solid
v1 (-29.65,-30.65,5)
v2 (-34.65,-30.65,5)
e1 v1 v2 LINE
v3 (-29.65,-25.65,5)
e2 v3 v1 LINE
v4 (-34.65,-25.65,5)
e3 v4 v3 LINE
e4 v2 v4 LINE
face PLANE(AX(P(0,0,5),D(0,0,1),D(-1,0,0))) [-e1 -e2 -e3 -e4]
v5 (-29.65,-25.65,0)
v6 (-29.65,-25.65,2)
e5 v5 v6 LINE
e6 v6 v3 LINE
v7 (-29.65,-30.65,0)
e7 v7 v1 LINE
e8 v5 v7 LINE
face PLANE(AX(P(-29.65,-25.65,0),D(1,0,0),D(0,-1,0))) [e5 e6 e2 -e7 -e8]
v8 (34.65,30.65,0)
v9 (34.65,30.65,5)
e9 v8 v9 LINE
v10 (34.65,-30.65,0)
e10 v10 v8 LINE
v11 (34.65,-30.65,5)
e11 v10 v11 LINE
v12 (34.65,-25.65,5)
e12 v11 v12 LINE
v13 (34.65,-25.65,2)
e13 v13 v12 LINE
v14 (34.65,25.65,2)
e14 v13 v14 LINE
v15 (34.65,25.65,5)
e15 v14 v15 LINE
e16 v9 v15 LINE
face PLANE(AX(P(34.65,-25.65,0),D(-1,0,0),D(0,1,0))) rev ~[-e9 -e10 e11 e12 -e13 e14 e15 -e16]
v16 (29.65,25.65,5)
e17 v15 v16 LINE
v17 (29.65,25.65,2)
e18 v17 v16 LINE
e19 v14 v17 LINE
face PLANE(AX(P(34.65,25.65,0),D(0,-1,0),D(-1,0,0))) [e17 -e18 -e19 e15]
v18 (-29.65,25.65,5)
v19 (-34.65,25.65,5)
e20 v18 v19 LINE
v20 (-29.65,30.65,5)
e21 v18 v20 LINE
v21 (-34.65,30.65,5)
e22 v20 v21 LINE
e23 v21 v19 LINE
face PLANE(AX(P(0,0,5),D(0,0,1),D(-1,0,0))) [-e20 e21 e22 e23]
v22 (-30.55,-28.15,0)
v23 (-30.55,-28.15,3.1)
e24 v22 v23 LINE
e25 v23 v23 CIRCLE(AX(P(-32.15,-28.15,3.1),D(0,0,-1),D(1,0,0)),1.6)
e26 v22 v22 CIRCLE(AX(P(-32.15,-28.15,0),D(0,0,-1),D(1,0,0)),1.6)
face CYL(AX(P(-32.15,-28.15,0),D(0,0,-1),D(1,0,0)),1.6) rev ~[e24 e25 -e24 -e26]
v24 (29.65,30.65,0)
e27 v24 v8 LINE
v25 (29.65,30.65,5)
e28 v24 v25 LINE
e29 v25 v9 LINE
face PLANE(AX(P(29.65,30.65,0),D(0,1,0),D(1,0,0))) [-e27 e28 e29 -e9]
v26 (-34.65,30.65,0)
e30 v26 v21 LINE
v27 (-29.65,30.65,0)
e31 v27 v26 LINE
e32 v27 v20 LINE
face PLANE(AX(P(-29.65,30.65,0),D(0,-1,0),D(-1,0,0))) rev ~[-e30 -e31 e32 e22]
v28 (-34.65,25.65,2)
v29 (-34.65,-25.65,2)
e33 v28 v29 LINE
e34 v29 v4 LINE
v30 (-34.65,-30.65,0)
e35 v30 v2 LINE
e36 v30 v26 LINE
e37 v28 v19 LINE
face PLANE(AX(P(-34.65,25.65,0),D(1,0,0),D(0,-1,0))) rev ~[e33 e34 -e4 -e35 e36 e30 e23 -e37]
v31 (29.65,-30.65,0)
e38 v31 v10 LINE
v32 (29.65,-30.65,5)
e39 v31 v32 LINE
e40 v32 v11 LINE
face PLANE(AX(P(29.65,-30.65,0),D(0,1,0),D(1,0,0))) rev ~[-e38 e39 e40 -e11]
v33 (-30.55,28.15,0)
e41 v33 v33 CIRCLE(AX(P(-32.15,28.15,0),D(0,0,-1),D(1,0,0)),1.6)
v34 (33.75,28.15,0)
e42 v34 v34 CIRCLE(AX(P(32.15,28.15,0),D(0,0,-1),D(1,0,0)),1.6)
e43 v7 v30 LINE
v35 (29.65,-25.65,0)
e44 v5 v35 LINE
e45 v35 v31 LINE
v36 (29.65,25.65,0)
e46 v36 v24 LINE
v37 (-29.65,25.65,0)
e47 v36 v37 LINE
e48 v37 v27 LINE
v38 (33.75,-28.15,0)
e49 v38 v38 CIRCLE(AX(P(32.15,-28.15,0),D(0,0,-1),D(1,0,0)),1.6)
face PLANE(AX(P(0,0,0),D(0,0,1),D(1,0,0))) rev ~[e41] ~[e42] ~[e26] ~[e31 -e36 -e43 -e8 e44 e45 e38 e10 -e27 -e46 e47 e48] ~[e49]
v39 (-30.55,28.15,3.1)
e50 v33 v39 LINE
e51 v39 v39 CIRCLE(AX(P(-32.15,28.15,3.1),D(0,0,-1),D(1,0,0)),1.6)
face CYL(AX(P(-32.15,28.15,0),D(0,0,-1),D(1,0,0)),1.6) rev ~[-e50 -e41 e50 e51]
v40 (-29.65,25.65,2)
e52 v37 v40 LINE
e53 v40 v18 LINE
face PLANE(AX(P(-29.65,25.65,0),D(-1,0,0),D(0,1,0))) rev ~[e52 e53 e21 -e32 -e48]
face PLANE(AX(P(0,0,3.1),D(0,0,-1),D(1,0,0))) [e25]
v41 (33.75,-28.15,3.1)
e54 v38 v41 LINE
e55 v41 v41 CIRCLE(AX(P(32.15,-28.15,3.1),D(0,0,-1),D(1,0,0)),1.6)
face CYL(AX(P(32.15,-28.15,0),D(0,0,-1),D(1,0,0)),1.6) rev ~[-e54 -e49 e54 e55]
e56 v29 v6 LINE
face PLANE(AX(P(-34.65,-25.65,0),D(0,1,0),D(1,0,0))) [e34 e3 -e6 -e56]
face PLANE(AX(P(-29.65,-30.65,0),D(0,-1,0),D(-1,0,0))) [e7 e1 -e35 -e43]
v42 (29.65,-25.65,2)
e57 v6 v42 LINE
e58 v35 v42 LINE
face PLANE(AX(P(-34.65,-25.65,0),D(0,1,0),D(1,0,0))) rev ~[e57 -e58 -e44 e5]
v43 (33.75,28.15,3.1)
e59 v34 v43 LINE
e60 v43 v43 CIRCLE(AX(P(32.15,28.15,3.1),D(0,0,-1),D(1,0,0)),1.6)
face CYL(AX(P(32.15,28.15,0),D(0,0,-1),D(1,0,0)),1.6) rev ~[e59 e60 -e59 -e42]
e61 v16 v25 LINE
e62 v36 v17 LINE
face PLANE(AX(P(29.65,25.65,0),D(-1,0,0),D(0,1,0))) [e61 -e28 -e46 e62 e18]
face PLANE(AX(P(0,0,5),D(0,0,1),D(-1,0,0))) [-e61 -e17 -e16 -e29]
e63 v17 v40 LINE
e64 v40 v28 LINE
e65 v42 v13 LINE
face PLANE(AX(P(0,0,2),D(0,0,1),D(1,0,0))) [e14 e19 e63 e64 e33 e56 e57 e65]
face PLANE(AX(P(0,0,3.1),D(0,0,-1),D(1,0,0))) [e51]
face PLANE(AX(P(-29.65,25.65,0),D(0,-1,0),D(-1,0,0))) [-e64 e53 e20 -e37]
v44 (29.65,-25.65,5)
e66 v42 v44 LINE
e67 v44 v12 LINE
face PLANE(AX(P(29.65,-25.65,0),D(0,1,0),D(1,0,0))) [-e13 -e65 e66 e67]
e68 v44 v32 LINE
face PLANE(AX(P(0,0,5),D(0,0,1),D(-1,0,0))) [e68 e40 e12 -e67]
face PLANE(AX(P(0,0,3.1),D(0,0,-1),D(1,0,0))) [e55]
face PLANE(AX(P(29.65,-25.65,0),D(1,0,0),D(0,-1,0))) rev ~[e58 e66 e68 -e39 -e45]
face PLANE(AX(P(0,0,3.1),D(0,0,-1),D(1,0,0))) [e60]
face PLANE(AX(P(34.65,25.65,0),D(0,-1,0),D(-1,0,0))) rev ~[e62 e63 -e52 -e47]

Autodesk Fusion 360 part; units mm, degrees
sketch "Sketch1" plane through (0, 0, 0) normal (0, 0, 1) x (1, 0, 0)
  line L0 (34.65, 25.65) -> (-34.65, 25.65)
  line L1 (-34.65, 25.65) -> (-34.65, -25.65)
  line L2 (-34.65, -25.65) -> (34.65, -25.65)
  line L3 (34.65, -25.65) -> (34.65, 25.65)
  line L4 (34.65, 25.65) -> (-34.65, -25.65) construction
  line L5 (-34.65, 25.65) -> (34.65, -25.65) construction
  dimension "d1" = 69.3
  dimension "d2" = 51.3
extrude "Extrude1" add sketch "Sketch1" along normal blind 2
sketch "Sketch2" plane through (0, 0, 2) normal (0, 0, 1) x (-1, 0, 0)
  line L0 (-34.65, 25.65) -> (-34.65, -25.65)
  line L1 (-34.65, -25.65) -> (34.65, -25.65)
  line L2 (34.65, -25.65) -> (34.65, 25.65)
  line L3 (34.65, 25.65) -> (-34.65, 25.65)
  line L4 (34.65, -25.65) -> (29.65, -25.65)
  line L5 (29.65, -25.65) -> (29.65, -30.65)
  line L6 (29.65, -30.65) -> (34.65, -30.65)
  line L7 (34.65, -30.65) -> (34.65, -25.65)
  line L8 (-34.65, -25.65) -> (-29.65, -25.65)
  line L9 (-29.65, -25.65) -> (-29.65, -30.65)
  line L10 (-29.65, -30.65) -> (-34.65, -30.65)
  line L11 (-34.65, -30.65) -> (-34.65, -25.65)
  line L12 (34.65, 25.65) -> (29.65, 25.65)
  line L13 (29.65, 25.65) -> (29.65, 30.65)
  line L14 (29.65, 30.65) -> (34.65, 30.65)
  line L15 (34.65, 30.65) -> (34.65, 25.65)
  line L16 (-34.65, 25.65) -> (-29.65, 25.65)
  line L17 (-29.65, 25.65) -> (-29.65, 30.65)
  line L18 (-29.65, 30.65) -> (-34.65, 30.65)
  line L19 (-34.65, 30.65) -> (-34.65, 25.65)
  dimension "d5" = 5
  dimension "d6" = 5
  dimension "d7" = 5
  dimension "d8" = 5
  dimension "d9" = 5
  dimension "d10" = 5
  dimension "d11" = 5
  dimension "d12" = 5
extrude "Extrude2" add sketch "Sketch2" along normal blind 5 from surface at -2 contours L3 L16 L17 L18 L19 | L1 L8 L9 L10 L11 | L3 L12 L13 L14 L15 | L1 L4 L5 L6 L7
sketch "Sketch3" plane through (0, 0, 0) normal (0, 0, -1) x (1, 0, 0)
  line L0 (34.65, -30.65) -> (34.65, 30.65)
  line L1 (34.65, 30.65) -> (29.65, 30.65)
  line L2 (29.65, 30.65) -> (29.65, 25.65)
  line L3 (29.65, 25.65) -> (-29.65, 25.65)
  line L4 (-29.65, 25.65) -> (-29.65, 30.65)
  line L5 (-29.65, 30.65) -> (-34.65, 30.65)
  line L6 (-34.65, 30.65) -> (-34.65, -30.65)
  line L7 (-34.65, -30.65) -> (-29.65, -30.65)
  line L8 (-29.65, -30.65) -> (-29.65, -25.65)
  line L9 (-29.65, -25.65) -> (29.65, -25.65)
  line L10 (29.65, -25.65) -> (29.65, -30.65)
  line L11 (29.65, -30.65) -> (34.65, -30.65)
  circle A0 centre (-32.15, 28.15) radius 1.6
  circle A1 centre (32.15, 28.15) radius 1.6
  circle A2 centre (32.15, -28.15) radius 1.6
  circle A3 centre (-32.15, -28.15) radius 1.6
  dimension "d16" = 3.2
  dimension "d17" = 3.2
  dimension "d18" = 3.2
  dimension "d19" = 3.2
  dimension "d20" = 2.5
  dimension "d21" = 2.5
  dimension "d22" = 2.5
  dimension "d23" = 2.5
  dimension "d24" = 2.5
  dimension "d25" = 2.5
  dimension "d26" = 2.5
  dimension "d27" = 2.5
extrude "Extrude3" cut sketch "Sketch3" against normal blind 3.1 contours A0 | A1 | A2 | A3
